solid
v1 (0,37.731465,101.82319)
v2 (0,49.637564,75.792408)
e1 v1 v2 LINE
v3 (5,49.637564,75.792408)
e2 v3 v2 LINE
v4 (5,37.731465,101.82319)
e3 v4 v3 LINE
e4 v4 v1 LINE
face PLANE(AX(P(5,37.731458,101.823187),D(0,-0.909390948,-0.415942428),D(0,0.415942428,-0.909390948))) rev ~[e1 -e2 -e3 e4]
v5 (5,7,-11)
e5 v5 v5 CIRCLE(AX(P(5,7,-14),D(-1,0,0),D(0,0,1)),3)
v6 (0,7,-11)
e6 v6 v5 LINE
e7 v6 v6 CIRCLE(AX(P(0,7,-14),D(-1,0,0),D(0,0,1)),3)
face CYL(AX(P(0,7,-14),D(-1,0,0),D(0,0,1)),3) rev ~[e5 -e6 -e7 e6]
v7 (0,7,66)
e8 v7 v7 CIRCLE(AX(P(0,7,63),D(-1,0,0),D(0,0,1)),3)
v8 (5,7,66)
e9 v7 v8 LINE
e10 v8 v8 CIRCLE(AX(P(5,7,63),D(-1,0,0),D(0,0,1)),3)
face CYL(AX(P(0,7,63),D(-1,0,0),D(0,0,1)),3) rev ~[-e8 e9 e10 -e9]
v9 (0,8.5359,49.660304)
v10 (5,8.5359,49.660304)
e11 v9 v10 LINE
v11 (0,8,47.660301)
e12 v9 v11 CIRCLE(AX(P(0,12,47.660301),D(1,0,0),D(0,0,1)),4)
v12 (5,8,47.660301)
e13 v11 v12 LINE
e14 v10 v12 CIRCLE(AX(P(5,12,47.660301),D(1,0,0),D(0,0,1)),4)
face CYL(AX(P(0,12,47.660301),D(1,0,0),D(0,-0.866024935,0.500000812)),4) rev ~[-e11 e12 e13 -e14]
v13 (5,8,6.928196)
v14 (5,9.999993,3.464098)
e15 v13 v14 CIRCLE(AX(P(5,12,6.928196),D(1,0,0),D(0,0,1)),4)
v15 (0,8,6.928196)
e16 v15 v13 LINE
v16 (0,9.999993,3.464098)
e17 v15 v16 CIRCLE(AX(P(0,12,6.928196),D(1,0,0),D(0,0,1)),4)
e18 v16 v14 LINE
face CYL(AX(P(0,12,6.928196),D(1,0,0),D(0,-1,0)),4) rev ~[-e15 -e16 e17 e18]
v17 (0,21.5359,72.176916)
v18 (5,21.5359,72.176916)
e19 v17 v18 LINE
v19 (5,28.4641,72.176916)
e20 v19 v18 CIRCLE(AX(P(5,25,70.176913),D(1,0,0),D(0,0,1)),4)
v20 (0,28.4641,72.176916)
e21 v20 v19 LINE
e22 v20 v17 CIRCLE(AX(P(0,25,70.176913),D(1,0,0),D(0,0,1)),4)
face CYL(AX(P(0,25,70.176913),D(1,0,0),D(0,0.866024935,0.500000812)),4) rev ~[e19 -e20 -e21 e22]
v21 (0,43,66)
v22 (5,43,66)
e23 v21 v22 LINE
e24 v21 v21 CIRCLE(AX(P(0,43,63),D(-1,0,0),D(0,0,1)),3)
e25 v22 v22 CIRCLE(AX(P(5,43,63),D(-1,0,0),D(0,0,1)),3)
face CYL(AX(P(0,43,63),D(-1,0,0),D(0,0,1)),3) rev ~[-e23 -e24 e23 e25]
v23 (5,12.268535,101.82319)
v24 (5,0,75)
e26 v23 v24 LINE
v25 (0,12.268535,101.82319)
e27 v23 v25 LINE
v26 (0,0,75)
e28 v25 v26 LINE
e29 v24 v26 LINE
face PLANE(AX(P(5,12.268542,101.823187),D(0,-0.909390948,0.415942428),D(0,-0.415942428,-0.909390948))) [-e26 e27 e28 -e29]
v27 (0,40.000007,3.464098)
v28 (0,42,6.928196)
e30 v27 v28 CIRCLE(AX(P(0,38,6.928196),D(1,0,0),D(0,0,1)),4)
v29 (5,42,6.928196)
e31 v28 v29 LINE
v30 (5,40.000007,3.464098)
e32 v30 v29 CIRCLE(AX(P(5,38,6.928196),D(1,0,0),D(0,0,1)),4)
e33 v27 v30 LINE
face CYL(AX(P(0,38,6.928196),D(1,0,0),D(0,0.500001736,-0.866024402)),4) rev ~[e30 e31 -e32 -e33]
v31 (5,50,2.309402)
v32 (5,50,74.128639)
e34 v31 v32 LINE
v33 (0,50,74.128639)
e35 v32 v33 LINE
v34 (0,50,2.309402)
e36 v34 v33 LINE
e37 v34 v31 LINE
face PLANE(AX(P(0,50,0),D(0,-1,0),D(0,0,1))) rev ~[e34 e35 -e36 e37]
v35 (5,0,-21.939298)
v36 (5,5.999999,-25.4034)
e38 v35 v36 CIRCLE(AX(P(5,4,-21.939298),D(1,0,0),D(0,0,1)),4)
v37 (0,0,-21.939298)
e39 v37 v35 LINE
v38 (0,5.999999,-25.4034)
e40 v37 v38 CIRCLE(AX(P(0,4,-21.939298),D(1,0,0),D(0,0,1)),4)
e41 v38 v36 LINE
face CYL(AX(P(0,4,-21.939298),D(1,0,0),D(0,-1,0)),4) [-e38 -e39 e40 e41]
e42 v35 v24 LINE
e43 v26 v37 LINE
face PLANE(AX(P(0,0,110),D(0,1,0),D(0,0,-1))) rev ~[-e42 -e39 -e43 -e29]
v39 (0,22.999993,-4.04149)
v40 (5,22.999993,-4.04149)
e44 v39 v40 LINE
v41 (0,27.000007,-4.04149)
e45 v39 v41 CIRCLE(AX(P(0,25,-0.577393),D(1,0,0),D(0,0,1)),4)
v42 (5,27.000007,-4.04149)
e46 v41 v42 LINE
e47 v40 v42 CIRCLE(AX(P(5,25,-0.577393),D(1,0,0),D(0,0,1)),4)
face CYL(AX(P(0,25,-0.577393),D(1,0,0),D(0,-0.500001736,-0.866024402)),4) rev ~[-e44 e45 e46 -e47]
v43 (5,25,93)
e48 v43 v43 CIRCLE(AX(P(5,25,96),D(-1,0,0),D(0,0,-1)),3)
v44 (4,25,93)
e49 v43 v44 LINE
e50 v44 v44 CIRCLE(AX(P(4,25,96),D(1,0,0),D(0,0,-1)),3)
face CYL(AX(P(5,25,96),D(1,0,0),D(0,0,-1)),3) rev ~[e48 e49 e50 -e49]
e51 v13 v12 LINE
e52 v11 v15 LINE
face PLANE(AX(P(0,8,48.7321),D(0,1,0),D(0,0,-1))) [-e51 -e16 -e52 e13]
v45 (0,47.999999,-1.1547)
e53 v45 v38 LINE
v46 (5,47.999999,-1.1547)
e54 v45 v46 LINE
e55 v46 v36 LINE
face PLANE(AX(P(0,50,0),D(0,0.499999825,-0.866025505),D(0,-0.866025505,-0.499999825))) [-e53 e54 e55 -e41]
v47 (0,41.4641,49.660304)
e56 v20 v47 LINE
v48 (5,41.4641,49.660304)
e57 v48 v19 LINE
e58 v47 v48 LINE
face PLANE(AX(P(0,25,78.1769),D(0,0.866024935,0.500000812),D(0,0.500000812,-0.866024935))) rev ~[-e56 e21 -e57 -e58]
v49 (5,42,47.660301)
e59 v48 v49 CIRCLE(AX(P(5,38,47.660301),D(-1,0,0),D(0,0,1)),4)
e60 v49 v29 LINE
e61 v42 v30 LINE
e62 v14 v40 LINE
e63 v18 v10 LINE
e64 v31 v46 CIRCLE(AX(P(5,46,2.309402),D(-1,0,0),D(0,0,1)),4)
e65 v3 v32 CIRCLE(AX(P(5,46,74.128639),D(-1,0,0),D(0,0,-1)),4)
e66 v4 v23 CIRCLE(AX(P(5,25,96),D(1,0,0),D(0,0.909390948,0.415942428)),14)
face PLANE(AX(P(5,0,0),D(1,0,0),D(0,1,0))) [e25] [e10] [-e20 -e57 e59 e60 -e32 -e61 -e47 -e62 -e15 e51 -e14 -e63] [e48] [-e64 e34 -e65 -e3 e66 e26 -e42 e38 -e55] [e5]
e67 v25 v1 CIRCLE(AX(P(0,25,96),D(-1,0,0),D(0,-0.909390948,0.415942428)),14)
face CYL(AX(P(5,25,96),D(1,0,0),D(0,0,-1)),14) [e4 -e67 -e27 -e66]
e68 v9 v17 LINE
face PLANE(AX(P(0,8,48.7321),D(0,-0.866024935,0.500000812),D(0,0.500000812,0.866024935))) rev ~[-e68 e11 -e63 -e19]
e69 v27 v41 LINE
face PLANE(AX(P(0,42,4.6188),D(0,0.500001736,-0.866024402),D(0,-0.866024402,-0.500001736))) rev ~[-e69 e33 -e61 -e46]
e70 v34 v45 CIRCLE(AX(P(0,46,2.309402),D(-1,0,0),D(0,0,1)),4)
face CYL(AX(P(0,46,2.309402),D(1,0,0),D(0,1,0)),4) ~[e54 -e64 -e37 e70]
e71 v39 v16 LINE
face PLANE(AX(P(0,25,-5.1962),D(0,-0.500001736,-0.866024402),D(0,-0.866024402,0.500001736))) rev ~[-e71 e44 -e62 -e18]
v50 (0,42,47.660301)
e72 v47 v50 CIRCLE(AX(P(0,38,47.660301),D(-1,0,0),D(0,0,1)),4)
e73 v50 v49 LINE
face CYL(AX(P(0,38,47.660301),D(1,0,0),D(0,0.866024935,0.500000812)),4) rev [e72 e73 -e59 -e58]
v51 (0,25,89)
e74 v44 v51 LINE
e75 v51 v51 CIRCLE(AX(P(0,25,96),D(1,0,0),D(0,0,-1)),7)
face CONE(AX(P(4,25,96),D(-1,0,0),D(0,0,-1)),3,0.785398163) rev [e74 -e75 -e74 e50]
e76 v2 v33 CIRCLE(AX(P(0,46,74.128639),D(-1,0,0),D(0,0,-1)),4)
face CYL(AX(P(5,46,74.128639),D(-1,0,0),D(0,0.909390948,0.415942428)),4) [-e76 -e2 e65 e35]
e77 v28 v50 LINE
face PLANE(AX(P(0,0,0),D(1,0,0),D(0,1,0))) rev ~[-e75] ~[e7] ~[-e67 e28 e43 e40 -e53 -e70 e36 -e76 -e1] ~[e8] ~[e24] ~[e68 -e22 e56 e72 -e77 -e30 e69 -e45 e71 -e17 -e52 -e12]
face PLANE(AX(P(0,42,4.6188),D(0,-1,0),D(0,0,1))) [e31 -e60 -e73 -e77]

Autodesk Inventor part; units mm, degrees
ref_plane "YZ Plane" through (0, 0, 0) normal (1, 0, 0) x (0, 1, 0)
ref_plane "XZ Plane" through (0, 0, 0) normal (0, 1, 0) x (-1, 0, 0)
ref_plane "XY Plane" through (0, 0, 0) normal (0, 0, 1) x (1, 0, 0)
sketch "Sketch1" plane through (0, 0, 0) normal (1, 0, 0) x (0, 1, 0)
  line L0 (0, 0) -> (50, 0)
  line L1 (50, 0) -> (50, 110)
  line L2 (50, 110) -> (0, 110)
  line L3 (0, 110) -> (0, 0)
  line L4 (50, 0) -> (0, -28.8675)
  line L5 (0, -28.8675) -> (0, 0)
  dimension "d0" = 110
  dimension "d1" = 50
  dimension "d68" = 60
extrude "Extrusion1" add sketch "Sketch1" along normal blind 5
fillet "Fillet1" radius 4 2 edges at (2.5, 50, 0) (2.5, 0, -28.8675)
sketch "Sketch2" plane through (5, 0, 0) normal (1, 0, 0) x (0, 0, -1)
  line L0 (-2.3094, 50) -> (-110, 50) projected
  line L1 (-110, 50) -> (-110, 0) projected
  line L2 (-110, 33.9915) -> (-75, 50)
  line L3 (-110, 16.0085) -> (-75, 0)
  line L4 (-110, 50) -> (-56.045, 50)
  line L5 (-56.045, 50) -> (-56.045, 0)
  line L6 (-56.045, 0) -> (-110, 0)
  line L7 (-110, 0) -> (-110, 50)
  line L8 (-110, 33.9915) -> (-110, 16.0085)
  line L9 (-110, 50) -> (-110, 0) projected
  line L10 (-110, 0) -> (-75, 0)
  circle A0 centre (-96, 25) radius 14
  circle A1 centre (-96, 25) radius 8.05
  line L11 (-96, 25) -> (-90.3078, 19.3078)
  line L12 (-96, 25) -> (-87.95, 25) construction
  circle A2 centre (-90.3078, 19.3078) radius 1.5
  circle A3 centre (-90.3078, 30.6922) radius 1.5
  circle A4 centre (-101.6922, 30.6922) radius 1.5
  circle A5 centre (-101.6922, 19.3078) radius 1.5
  circle A6 centre (-96, 25) radius 3
  point P0 (0, 0)
  point P1 (-110, 0)
  point P2 (-75, 0)
  point P3 (-110, 25)
  point P4 (-101.8232, 37.7315)
  point P5 (-101.8232, 12.2685)
  dimension "d84" = 16.1
  dimension "d13" = 35
  dimension "d82" = 28
  dimension "d83" = 25
  dimension "d86" = 45
  dimension "d87" = 3
  dimension "d90" = 360
  dimension "d97" = 6
extrude "Extrusion2" cut sketch "Sketch2" against normal blind 5 contours L2 L1 L0 | A0 L1 L2 | L6 L1 L3 | A0 L3 L1 | A6
fillet "Fillet3" radius 4 1 edges at (2.5, 50, 75)
chamfer "Chamfer2" distance 4 angle 45 1 edges at (0, 25, 99)
sketch "Sketch7" plane through (0, 0, 0) normal (-1, 0, 0) x (0, 0, 1)
  circle A0 centre (63, 43) radius 3
  circle A1 centre (63, 7) radius 3
  circle A2 centre (-14, 7) radius 3
  line L0 (74.1286, 0) -> (-21.9393, 0) projected
  line L1 (2.3094, 50) -> (74.1286, 50) projected
  point P0 (0, 0)
  dimension "d101" = 14
  dimension "d102" = 63
  dimension "d103" = 7
  dimension "d104" = 7
  dimension "d105" = 6
extrude "Extrusion7" cut sketch "Sketch7" against normal blind 7
sketch "Sketch8" plane through (0, 0, 0) normal (-1, 0, 0) x (0, 0, 1)
  line L0 (4.6188, 42) -> (48.7321, 42)
  line L1 (48.7321, 42) -> (48.7321, 8)
  line L2 (48.7321, 8) -> (4.6188, 8)
  line L3 (4.6188, 8) -> (4.6188, 42)
  line L4 (4.6188, 42) -> (-5.1962, 25)
  line L5 (-5.1962, 25) -> (4.6188, 8)
  line L6 (48.7321, 8) -> (78.1769, 25)
  line L7 (78.1769, 25) -> (48.7321, 42)
  line L8 (-25.4034, 6) -> (-1.1547, 48) projected
  line L9 (2.3094, 50) -> (74.1286, 50) projected
  line L10 (74.1286, 0) -> (-21.9393, 0) projected
  circle A0 centre (63, 43) radius 3 projected
  point P0 (0, 0)
  dimension "d108" = 8
  dimension "d109" = 8
  dimension "d110" = 8
  dimension "d111" = 8
extrude "Extrusion8" cut sketch "Sketch8" against normal blind 7 contours L0 L1 L2 L3 | L3 L5 L4 | L7 L6 L1
fillet "Fillet5" radius 4 6 edges at (2.5, 42, 4.6188) (2.5, 25, -5.1962) (2.5, 8, 4.6188) (2.5, 8, 48.7321) (2.5, 25, 78.1769) (2.5, 42, 48.7321)
properties part number "frame_side"
